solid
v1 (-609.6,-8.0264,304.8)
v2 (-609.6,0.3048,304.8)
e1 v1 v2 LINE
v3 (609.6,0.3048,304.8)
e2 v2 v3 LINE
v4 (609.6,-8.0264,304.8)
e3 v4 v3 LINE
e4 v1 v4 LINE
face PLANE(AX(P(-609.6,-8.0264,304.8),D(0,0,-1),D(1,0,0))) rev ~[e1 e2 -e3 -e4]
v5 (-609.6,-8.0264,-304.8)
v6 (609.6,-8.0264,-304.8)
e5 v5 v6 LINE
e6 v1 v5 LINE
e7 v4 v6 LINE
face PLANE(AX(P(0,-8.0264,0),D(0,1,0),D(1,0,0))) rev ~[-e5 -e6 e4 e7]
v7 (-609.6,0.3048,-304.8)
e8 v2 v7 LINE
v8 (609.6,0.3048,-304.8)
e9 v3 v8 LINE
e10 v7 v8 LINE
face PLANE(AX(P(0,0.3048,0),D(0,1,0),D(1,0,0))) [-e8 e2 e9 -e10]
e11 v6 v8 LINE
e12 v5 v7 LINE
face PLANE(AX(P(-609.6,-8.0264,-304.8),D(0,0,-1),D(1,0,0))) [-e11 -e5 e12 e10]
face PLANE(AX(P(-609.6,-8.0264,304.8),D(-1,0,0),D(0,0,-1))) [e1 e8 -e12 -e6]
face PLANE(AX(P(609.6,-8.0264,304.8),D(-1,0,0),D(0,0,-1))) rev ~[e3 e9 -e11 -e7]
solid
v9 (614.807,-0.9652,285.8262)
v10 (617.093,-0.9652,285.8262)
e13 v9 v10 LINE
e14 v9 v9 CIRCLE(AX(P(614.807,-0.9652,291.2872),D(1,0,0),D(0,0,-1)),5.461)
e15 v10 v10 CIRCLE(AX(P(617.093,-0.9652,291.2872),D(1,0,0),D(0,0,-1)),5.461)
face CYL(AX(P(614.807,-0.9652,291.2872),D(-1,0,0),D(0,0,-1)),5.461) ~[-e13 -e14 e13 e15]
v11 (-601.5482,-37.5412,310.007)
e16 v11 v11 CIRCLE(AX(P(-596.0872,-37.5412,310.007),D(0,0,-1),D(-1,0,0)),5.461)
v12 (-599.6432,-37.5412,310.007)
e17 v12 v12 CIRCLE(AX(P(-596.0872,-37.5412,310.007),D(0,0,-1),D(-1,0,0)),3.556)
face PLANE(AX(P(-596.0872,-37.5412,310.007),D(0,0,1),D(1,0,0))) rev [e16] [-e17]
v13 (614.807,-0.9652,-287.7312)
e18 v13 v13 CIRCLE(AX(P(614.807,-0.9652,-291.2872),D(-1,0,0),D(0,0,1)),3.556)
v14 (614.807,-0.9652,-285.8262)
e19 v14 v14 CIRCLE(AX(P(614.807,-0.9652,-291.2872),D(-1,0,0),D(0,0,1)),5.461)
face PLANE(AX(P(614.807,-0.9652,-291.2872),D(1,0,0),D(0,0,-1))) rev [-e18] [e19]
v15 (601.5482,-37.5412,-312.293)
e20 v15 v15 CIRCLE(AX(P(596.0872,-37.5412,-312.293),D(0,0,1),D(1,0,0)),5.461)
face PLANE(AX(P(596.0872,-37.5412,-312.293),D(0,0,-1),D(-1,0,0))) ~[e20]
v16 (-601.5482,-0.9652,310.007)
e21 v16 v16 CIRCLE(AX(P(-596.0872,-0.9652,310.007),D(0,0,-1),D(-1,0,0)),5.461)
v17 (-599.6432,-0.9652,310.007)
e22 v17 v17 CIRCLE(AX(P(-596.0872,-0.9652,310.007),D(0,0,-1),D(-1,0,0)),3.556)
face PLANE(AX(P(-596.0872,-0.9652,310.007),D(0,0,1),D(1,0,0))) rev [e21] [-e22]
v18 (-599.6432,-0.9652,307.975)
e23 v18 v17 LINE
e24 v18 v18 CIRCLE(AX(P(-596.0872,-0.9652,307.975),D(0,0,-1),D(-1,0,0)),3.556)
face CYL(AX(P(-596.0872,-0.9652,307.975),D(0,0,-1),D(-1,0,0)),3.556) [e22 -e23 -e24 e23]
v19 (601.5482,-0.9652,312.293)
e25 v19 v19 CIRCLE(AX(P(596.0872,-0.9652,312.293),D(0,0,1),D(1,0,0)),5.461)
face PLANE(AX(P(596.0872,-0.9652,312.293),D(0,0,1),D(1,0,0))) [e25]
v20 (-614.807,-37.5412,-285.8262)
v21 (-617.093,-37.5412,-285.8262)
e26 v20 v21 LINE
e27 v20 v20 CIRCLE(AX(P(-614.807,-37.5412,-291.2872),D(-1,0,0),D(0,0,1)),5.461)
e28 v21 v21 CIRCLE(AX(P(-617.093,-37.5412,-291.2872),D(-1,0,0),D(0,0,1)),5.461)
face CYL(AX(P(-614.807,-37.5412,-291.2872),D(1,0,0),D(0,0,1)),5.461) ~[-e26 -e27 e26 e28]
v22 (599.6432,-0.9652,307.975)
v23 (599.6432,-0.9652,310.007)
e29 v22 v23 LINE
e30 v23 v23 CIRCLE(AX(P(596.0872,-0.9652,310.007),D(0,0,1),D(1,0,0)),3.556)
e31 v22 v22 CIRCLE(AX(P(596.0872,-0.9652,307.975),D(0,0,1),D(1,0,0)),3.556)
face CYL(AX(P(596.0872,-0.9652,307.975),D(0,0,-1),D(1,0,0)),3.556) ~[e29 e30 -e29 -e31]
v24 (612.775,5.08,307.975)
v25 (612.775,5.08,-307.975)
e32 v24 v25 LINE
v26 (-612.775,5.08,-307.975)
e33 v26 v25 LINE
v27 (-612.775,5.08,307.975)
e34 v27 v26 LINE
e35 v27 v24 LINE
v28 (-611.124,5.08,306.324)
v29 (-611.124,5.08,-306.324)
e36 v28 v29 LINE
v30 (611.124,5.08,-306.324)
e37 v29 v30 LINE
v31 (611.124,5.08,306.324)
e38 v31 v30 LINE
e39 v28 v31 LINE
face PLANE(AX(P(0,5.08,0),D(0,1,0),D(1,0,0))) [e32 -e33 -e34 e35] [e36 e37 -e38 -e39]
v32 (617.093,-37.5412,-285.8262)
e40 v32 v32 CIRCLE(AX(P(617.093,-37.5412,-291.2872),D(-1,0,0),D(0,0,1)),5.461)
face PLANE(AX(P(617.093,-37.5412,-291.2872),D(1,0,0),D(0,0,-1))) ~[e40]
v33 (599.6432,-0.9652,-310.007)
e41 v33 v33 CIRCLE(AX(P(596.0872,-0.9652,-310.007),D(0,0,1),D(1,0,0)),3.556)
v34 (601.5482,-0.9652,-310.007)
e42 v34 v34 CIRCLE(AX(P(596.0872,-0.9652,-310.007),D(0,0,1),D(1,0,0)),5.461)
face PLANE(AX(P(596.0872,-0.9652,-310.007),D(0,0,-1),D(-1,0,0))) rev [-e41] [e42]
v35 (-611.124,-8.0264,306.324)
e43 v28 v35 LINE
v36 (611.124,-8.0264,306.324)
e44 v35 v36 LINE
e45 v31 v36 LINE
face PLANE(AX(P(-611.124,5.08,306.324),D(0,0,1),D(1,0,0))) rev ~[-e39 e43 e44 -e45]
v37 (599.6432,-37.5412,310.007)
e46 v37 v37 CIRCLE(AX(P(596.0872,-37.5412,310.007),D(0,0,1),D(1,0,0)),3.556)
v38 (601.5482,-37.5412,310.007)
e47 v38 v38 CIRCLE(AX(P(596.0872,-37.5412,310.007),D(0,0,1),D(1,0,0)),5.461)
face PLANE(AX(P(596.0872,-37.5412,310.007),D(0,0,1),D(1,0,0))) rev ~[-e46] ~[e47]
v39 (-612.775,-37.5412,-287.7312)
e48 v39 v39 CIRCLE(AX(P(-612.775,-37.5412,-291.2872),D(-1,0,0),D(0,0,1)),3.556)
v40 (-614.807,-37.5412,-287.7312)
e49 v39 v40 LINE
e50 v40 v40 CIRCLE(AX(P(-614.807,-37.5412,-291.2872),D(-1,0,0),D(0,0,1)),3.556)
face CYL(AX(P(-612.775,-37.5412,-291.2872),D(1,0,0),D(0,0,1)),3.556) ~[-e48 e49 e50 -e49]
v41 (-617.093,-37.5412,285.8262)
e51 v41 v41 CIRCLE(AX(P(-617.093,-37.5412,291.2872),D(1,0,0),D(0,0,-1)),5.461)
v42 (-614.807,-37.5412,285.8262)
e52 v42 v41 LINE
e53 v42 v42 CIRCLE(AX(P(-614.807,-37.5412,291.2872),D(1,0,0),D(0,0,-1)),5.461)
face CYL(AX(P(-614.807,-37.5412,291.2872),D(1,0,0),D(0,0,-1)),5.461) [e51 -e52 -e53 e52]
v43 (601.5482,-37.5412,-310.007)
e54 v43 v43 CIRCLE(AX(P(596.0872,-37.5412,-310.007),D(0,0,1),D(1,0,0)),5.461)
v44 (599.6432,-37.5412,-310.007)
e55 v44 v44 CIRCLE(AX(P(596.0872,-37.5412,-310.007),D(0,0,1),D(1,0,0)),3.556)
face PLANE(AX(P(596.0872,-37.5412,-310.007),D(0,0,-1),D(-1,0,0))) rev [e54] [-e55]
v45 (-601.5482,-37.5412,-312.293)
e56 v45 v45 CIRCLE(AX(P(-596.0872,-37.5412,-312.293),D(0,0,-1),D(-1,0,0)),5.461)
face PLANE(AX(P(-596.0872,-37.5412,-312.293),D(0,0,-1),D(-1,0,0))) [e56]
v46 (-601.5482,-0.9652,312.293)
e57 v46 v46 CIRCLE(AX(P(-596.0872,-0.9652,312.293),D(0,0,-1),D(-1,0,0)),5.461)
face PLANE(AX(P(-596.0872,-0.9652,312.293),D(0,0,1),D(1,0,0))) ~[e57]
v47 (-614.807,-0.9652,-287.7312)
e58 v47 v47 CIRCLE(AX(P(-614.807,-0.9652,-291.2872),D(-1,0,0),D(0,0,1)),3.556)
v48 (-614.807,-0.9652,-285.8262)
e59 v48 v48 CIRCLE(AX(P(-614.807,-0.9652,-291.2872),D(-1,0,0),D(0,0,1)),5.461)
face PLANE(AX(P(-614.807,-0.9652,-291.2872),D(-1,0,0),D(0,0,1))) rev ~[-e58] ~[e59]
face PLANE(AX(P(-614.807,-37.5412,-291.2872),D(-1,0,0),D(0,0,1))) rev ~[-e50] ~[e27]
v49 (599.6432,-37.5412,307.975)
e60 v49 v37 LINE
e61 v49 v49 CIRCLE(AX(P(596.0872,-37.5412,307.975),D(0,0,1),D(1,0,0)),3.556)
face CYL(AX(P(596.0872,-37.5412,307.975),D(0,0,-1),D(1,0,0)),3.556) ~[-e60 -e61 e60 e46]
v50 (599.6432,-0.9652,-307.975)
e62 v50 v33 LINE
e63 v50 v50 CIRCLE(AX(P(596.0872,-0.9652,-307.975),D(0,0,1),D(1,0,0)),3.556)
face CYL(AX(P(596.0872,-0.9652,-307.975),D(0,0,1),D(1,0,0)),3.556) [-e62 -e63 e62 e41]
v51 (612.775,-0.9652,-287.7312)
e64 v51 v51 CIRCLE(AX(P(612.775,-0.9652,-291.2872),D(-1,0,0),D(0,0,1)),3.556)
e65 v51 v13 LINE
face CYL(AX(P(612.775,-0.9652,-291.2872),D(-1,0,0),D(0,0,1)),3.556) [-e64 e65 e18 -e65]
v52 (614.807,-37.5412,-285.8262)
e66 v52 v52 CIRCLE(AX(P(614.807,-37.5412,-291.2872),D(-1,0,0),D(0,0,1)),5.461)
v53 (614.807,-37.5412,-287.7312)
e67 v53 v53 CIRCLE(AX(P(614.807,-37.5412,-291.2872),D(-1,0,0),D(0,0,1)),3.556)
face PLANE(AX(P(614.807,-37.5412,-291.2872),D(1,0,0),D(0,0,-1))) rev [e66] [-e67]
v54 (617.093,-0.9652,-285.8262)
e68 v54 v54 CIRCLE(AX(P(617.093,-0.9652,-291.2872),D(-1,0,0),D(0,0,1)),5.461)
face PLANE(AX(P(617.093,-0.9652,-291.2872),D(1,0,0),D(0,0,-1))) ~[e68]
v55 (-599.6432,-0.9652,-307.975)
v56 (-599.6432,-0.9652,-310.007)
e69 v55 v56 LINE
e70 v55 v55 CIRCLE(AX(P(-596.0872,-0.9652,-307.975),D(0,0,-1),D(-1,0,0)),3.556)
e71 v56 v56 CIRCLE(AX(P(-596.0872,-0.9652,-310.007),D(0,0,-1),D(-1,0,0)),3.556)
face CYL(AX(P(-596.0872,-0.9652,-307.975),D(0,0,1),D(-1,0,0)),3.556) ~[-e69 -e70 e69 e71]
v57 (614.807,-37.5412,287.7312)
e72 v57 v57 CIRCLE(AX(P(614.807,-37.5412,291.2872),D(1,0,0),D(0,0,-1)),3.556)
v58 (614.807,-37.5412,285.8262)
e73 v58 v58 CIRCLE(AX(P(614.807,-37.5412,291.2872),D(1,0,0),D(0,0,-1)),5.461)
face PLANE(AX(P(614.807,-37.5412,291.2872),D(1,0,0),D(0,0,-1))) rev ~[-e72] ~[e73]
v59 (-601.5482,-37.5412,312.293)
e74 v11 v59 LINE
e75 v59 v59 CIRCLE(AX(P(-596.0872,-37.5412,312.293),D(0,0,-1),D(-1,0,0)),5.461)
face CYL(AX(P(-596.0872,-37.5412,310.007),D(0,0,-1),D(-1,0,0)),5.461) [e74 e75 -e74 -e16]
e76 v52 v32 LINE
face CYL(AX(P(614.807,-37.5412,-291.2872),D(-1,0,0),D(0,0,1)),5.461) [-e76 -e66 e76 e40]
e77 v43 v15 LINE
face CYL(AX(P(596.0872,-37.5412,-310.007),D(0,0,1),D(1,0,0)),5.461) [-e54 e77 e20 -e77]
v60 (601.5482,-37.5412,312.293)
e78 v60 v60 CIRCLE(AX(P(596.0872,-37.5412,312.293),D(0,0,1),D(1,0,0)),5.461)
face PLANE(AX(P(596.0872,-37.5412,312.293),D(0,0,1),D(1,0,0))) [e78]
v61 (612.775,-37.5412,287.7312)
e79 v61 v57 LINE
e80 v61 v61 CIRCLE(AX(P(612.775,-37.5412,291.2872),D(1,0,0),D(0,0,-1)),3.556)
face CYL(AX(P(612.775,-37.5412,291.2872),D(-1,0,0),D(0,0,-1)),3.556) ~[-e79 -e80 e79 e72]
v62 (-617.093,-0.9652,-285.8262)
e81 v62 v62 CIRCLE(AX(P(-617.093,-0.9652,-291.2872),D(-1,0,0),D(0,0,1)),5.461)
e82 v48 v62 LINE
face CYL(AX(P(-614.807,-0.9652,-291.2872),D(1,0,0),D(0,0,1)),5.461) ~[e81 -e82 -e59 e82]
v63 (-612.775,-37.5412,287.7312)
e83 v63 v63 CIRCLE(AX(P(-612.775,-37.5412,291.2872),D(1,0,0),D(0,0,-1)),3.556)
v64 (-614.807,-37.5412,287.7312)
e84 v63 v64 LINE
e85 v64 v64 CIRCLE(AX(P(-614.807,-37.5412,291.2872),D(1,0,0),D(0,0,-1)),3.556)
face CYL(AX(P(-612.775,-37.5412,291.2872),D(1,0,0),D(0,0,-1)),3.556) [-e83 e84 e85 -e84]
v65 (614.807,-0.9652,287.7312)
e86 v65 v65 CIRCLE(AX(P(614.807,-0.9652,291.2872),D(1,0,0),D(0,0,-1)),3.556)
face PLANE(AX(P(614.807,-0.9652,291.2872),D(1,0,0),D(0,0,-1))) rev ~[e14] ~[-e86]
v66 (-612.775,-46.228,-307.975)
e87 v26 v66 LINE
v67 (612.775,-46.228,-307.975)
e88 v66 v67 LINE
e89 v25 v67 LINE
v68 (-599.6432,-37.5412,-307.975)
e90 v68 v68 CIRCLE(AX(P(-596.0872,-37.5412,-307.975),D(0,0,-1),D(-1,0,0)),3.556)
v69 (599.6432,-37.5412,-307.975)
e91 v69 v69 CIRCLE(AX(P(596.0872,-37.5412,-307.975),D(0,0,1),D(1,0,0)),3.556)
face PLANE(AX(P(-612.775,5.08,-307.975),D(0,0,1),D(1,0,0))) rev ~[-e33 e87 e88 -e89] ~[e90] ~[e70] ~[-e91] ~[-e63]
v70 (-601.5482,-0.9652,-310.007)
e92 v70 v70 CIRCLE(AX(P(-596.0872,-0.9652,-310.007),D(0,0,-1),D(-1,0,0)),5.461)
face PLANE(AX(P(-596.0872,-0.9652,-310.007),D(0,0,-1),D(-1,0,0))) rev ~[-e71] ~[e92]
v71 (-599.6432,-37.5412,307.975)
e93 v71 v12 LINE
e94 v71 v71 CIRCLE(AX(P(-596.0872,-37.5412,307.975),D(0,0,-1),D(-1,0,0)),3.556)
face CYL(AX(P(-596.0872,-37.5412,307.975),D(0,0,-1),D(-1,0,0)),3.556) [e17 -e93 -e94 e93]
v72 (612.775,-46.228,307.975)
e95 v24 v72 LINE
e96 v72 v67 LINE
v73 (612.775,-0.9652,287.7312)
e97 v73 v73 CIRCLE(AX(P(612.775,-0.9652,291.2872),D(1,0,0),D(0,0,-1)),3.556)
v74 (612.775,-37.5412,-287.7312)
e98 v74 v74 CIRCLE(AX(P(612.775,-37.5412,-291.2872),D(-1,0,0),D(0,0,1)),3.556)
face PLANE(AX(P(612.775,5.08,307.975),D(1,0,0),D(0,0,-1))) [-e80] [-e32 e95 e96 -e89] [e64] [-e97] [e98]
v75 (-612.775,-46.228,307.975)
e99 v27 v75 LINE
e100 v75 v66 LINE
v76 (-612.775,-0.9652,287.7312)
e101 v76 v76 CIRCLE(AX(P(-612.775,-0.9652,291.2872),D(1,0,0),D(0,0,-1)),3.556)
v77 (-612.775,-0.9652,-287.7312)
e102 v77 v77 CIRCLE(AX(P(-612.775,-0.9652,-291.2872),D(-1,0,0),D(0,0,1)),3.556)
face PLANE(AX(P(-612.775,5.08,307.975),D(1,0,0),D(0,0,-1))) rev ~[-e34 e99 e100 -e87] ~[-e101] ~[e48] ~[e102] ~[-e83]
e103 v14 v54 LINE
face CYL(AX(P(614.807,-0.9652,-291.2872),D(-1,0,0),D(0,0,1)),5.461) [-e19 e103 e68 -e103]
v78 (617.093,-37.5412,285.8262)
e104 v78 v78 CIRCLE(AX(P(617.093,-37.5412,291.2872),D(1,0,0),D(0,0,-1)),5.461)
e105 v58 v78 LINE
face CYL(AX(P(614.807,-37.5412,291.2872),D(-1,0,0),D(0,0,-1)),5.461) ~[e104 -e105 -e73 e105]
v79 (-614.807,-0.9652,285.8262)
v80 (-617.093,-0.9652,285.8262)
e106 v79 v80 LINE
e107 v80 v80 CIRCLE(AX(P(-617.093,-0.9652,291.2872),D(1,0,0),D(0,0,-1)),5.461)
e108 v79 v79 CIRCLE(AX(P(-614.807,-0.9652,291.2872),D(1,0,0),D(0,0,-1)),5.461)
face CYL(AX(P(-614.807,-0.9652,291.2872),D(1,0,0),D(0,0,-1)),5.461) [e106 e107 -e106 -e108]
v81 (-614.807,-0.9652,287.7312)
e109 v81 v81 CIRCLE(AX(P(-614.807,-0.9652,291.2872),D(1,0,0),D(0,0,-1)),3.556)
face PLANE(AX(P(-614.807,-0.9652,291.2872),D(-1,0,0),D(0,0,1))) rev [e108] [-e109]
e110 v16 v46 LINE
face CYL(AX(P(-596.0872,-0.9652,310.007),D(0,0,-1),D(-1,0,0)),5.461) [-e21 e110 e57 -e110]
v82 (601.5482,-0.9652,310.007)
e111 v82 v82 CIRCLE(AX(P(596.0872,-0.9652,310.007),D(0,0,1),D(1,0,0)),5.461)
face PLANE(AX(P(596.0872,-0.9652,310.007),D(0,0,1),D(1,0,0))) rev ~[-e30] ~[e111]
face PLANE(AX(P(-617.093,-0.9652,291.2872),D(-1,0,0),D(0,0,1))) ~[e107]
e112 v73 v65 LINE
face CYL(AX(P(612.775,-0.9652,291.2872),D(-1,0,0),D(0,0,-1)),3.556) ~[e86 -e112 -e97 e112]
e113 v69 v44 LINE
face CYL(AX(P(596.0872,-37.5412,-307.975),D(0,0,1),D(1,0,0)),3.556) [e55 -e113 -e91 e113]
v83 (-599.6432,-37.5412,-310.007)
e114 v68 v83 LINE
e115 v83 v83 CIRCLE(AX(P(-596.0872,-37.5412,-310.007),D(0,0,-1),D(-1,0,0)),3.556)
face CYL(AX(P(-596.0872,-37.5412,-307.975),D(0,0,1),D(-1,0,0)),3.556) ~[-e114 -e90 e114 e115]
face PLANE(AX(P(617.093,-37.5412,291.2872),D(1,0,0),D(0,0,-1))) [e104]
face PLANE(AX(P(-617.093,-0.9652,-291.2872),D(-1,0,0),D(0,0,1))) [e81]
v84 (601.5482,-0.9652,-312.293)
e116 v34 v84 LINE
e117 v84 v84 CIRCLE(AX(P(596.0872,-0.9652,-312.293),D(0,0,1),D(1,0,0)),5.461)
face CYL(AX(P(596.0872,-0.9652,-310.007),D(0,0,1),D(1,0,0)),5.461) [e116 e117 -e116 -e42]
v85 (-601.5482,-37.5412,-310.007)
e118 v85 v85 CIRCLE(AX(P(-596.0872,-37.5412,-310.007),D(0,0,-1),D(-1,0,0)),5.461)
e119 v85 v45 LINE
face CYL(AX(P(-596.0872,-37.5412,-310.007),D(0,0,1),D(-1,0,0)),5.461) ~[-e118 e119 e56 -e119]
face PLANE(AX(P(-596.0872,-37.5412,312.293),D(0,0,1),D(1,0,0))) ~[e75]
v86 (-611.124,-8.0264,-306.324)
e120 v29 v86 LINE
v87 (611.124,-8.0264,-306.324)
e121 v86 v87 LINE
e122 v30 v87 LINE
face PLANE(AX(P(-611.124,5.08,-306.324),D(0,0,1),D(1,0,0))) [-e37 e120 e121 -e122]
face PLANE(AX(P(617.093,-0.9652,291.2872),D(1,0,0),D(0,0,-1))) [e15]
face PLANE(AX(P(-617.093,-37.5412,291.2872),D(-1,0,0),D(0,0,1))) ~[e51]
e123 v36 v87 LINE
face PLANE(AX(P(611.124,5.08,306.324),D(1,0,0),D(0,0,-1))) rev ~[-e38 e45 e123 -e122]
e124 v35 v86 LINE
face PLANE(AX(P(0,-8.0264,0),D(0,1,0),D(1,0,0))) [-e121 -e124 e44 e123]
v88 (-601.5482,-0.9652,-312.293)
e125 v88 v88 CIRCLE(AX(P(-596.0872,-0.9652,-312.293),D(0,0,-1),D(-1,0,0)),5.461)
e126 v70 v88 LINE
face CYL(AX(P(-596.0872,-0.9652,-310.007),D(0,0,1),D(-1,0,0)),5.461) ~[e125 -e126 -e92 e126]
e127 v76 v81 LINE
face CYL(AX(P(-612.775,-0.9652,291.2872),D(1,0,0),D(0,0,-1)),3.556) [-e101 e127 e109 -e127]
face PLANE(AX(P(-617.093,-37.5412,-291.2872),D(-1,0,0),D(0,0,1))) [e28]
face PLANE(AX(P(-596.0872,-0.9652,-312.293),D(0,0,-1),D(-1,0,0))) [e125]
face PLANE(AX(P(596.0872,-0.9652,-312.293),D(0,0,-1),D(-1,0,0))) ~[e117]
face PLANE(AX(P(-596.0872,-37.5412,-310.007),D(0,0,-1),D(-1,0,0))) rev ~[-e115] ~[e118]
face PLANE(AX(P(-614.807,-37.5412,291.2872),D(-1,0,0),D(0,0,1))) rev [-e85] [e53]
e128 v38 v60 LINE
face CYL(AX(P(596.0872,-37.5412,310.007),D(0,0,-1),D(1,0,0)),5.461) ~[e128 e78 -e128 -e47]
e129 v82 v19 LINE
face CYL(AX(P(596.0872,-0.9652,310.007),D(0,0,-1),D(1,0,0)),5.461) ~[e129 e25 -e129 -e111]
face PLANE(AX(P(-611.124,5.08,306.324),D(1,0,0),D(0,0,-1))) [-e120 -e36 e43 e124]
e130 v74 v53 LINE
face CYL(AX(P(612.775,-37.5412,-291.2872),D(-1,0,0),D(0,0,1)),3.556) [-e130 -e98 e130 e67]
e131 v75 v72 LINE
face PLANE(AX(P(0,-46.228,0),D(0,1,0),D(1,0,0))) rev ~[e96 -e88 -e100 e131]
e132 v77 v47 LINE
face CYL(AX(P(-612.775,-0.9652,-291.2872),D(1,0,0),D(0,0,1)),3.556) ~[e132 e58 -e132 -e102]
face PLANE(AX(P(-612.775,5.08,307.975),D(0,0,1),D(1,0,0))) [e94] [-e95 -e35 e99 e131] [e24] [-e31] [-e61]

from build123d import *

# Parameters (mm, degrees)
SKETCH2_W               = 1225.55
SKETCH2_H               = 615.95
BOSS_EXTRUDE1_DEPTH     = 51.308
SKETCH3_W               = 1222.248
SKETCH3_H               = 612.648
CUT_EXTRUDE1_DEPTH      = 13.1064
SKETCH4_W               = 1219.2
SKETCH4_H               = 609.6
BOSS_EXTRUDE2_DEPTH     = 8.3312
SKETCH5_R               = 3.556
BOSS_EXTRUDE3_DEPTH     = 2.032
SKETCH6_R               = 5.461
BOSS_EXTRUDE4_DEPTH     = 2.286
SKETCH7_R               = 3.556
BOSS_EXTRUDE5_DEPTH     = 2.032
SKETCH8_R               = 5.461
BOSS_EXTRUDE6_DEPTH     = 2.286
MIRROR3_COPY_1_SKETCH_R = 3.556
MIRROR3_COPY_1_DEPTH    = 2.032
MIRROR3_COPY_2_SKETCH_R = 5.461
MIRROR3_COPY_2_DEPTH    = 2.286
MIRROR3_COPY_3_SKETCH_R = 3.556
MIRROR3_COPY_3_DEPTH    = 2.032
MIRROR3_COPY_4_SKETCH_R = 5.461
MIRROR3_COPY_4_DEPTH    = 2.286


with BuildPart() as part:
    # Sketch2 → Boss-Extrude1 (new body)
    with BuildSketch(Plane(origin=(0, 5.08, 0), x_dir=(1, 0, 0), z_dir=(0, 1, 0))):
        Rectangle(SKETCH2_W, SKETCH2_H)
    extrude(amount=-BOSS_EXTRUDE1_DEPTH)

    # Sketch3 → Cut-Extrude1 (cut)
    with BuildSketch(Plane(origin=(0, 5.08, 0), x_dir=(1, 0, 0), z_dir=(0, 1, 0))):
        Rectangle(SKETCH3_W, SKETCH3_H)
    extrude(amount=-CUT_EXTRUDE1_DEPTH, mode=Mode.SUBTRACT)

    # Sketch5 → Boss-Extrude3 (add)
    with BuildSketch(Plane.XY.offset(307.975)):
        with Locations((596.0872, -0.9652)):
            Circle(SKETCH5_R)
        with Locations((596.0872, -37.5412)):
            Circle(SKETCH5_R)
    boss_extrude3 = extrude(amount=BOSS_EXTRUDE3_DEPTH)

    # Sketch6 → Boss-Extrude4 (add)
    with BuildSketch(Plane.XY.offset(310.007)):
        with Locations((596.0872, -0.9652)):
            Circle(SKETCH6_R)
        with Locations((596.0872, -37.5412)):
            Circle(SKETCH6_R)
    boss_extrude4 = extrude(amount=BOSS_EXTRUDE4_DEPTH)

    # Sketch7 → Boss-Extrude5 (add)
    with BuildSketch(Plane(origin=(612.775, 0, 0), x_dir=(0, 0, -1), z_dir=(1, 0, 0))):
        with Locations((-291.2872, -0.9652)):
            Circle(SKETCH7_R)
        with Locations((-291.2872, -37.5412)):
            Circle(SKETCH7_R)
    boss_extrude5 = extrude(amount=BOSS_EXTRUDE5_DEPTH)

    # Sketch8 → Boss-Extrude6 (add)
    with BuildSketch(Plane(origin=(614.807, 0, 0), x_dir=(0, 0, -1), z_dir=(1, 0, 0))):
        with Locations((-291.2872, -0.9652)):
            Circle(SKETCH8_R)
        with Locations((-291.2872, -37.5412)):
            Circle(SKETCH8_R)
    boss_extrude6 = extrude(amount=BOSS_EXTRUDE6_DEPTH)

    # Mirror2: Boss-Extrude3, Boss-Extrude4, Boss-Extrude5, Boss-Extrude6 across plane
    add(boss_extrude3.mirror(Plane.XY))
    add(boss_extrude4.mirror(Plane.XY))
    add(boss_extrude5.mirror(Plane.XY))
    add(boss_extrude6.mirror(Plane.XY))

    # Mirror3: Boss-Extrude3, Boss-Extrude4, Boss-Extrude5, Boss-Extrude6 across plane
    add(boss_extrude3.mirror(Plane(origin=(0, 0, 0), x_dir=(0, 0, 1), z_dir=(1, 0, 0))))
    add(boss_extrude4.mirror(Plane(origin=(0, 0, 0), x_dir=(0, 0, 1), z_dir=(1, 0, 0))))
    add(boss_extrude5.mirror(Plane(origin=(0, 0, 0), x_dir=(0, 0, 1), z_dir=(1, 0, 0))))
    add(boss_extrude6.mirror(Plane(origin=(0, 0, 0), x_dir=(0, 0, 1), z_dir=(1, 0, 0))))

    # Mirror3 copy 1 sketch → Mirror3 copy 1 (add)
    with BuildSketch(Plane(origin=(0, 0, -307.975), x_dir=(-1, 0, 0), z_dir=(0, 0, -1))):
        with Locations((596.0872, -0.9652)):
            Circle(MIRROR3_COPY_1_SKETCH_R)
        with Locations((596.0872, -37.5412)):
            Circle(MIRROR3_COPY_1_SKETCH_R)
    extrude(amount=MIRROR3_COPY_1_DEPTH)

    # Mirror3 copy 2 sketch → Mirror3 copy 2 (add)
    with BuildSketch(Plane(origin=(0, 0, -310.007), x_dir=(-1, 0, 0), z_dir=(0, 0, -1))):
        with Locations((596.0872, -0.9652)):
            Circle(MIRROR3_COPY_2_SKETCH_R)
        with Locations((596.0872, -37.5412)):
            Circle(MIRROR3_COPY_2_SKETCH_R)
    extrude(amount=MIRROR3_COPY_2_DEPTH)

    # Mirror3 copy 3 sketch → Mirror3 copy 3 (add)
    with BuildSketch(Plane.ZY.offset(612.775)):
        with Locations((-291.2872, -0.9652)):
            Circle(MIRROR3_COPY_3_SKETCH_R)
        with Locations((-291.2872, -37.5412)):
            Circle(MIRROR3_COPY_3_SKETCH_R)
    extrude(amount=MIRROR3_COPY_3_DEPTH)

    # Mirror3 copy 4 sketch → Mirror3 copy 4 (add)
    with BuildSketch(Plane.ZY.offset(614.807)):
        with Locations((-291.2872, -0.9652)):
            Circle(MIRROR3_COPY_4_SKETCH_R)
        with Locations((-291.2872, -37.5412)):
            Circle(MIRROR3_COPY_4_SKETCH_R)
    extrude(amount=MIRROR3_COPY_4_DEPTH)


with BuildPart() as body_2:
    # Sketch4 → Boss-Extrude2 (new body)
    with BuildSketch(Plane(origin=(0, -8.0264, 0), x_dir=(1, 0, 0), z_dir=(0, 1, 0))):
        Rectangle(SKETCH4_W, SKETCH4_H)
    extrude(amount=BOSS_EXTRUDE2_DEPTH)


solid = Compound([part.part, body_2.part])
